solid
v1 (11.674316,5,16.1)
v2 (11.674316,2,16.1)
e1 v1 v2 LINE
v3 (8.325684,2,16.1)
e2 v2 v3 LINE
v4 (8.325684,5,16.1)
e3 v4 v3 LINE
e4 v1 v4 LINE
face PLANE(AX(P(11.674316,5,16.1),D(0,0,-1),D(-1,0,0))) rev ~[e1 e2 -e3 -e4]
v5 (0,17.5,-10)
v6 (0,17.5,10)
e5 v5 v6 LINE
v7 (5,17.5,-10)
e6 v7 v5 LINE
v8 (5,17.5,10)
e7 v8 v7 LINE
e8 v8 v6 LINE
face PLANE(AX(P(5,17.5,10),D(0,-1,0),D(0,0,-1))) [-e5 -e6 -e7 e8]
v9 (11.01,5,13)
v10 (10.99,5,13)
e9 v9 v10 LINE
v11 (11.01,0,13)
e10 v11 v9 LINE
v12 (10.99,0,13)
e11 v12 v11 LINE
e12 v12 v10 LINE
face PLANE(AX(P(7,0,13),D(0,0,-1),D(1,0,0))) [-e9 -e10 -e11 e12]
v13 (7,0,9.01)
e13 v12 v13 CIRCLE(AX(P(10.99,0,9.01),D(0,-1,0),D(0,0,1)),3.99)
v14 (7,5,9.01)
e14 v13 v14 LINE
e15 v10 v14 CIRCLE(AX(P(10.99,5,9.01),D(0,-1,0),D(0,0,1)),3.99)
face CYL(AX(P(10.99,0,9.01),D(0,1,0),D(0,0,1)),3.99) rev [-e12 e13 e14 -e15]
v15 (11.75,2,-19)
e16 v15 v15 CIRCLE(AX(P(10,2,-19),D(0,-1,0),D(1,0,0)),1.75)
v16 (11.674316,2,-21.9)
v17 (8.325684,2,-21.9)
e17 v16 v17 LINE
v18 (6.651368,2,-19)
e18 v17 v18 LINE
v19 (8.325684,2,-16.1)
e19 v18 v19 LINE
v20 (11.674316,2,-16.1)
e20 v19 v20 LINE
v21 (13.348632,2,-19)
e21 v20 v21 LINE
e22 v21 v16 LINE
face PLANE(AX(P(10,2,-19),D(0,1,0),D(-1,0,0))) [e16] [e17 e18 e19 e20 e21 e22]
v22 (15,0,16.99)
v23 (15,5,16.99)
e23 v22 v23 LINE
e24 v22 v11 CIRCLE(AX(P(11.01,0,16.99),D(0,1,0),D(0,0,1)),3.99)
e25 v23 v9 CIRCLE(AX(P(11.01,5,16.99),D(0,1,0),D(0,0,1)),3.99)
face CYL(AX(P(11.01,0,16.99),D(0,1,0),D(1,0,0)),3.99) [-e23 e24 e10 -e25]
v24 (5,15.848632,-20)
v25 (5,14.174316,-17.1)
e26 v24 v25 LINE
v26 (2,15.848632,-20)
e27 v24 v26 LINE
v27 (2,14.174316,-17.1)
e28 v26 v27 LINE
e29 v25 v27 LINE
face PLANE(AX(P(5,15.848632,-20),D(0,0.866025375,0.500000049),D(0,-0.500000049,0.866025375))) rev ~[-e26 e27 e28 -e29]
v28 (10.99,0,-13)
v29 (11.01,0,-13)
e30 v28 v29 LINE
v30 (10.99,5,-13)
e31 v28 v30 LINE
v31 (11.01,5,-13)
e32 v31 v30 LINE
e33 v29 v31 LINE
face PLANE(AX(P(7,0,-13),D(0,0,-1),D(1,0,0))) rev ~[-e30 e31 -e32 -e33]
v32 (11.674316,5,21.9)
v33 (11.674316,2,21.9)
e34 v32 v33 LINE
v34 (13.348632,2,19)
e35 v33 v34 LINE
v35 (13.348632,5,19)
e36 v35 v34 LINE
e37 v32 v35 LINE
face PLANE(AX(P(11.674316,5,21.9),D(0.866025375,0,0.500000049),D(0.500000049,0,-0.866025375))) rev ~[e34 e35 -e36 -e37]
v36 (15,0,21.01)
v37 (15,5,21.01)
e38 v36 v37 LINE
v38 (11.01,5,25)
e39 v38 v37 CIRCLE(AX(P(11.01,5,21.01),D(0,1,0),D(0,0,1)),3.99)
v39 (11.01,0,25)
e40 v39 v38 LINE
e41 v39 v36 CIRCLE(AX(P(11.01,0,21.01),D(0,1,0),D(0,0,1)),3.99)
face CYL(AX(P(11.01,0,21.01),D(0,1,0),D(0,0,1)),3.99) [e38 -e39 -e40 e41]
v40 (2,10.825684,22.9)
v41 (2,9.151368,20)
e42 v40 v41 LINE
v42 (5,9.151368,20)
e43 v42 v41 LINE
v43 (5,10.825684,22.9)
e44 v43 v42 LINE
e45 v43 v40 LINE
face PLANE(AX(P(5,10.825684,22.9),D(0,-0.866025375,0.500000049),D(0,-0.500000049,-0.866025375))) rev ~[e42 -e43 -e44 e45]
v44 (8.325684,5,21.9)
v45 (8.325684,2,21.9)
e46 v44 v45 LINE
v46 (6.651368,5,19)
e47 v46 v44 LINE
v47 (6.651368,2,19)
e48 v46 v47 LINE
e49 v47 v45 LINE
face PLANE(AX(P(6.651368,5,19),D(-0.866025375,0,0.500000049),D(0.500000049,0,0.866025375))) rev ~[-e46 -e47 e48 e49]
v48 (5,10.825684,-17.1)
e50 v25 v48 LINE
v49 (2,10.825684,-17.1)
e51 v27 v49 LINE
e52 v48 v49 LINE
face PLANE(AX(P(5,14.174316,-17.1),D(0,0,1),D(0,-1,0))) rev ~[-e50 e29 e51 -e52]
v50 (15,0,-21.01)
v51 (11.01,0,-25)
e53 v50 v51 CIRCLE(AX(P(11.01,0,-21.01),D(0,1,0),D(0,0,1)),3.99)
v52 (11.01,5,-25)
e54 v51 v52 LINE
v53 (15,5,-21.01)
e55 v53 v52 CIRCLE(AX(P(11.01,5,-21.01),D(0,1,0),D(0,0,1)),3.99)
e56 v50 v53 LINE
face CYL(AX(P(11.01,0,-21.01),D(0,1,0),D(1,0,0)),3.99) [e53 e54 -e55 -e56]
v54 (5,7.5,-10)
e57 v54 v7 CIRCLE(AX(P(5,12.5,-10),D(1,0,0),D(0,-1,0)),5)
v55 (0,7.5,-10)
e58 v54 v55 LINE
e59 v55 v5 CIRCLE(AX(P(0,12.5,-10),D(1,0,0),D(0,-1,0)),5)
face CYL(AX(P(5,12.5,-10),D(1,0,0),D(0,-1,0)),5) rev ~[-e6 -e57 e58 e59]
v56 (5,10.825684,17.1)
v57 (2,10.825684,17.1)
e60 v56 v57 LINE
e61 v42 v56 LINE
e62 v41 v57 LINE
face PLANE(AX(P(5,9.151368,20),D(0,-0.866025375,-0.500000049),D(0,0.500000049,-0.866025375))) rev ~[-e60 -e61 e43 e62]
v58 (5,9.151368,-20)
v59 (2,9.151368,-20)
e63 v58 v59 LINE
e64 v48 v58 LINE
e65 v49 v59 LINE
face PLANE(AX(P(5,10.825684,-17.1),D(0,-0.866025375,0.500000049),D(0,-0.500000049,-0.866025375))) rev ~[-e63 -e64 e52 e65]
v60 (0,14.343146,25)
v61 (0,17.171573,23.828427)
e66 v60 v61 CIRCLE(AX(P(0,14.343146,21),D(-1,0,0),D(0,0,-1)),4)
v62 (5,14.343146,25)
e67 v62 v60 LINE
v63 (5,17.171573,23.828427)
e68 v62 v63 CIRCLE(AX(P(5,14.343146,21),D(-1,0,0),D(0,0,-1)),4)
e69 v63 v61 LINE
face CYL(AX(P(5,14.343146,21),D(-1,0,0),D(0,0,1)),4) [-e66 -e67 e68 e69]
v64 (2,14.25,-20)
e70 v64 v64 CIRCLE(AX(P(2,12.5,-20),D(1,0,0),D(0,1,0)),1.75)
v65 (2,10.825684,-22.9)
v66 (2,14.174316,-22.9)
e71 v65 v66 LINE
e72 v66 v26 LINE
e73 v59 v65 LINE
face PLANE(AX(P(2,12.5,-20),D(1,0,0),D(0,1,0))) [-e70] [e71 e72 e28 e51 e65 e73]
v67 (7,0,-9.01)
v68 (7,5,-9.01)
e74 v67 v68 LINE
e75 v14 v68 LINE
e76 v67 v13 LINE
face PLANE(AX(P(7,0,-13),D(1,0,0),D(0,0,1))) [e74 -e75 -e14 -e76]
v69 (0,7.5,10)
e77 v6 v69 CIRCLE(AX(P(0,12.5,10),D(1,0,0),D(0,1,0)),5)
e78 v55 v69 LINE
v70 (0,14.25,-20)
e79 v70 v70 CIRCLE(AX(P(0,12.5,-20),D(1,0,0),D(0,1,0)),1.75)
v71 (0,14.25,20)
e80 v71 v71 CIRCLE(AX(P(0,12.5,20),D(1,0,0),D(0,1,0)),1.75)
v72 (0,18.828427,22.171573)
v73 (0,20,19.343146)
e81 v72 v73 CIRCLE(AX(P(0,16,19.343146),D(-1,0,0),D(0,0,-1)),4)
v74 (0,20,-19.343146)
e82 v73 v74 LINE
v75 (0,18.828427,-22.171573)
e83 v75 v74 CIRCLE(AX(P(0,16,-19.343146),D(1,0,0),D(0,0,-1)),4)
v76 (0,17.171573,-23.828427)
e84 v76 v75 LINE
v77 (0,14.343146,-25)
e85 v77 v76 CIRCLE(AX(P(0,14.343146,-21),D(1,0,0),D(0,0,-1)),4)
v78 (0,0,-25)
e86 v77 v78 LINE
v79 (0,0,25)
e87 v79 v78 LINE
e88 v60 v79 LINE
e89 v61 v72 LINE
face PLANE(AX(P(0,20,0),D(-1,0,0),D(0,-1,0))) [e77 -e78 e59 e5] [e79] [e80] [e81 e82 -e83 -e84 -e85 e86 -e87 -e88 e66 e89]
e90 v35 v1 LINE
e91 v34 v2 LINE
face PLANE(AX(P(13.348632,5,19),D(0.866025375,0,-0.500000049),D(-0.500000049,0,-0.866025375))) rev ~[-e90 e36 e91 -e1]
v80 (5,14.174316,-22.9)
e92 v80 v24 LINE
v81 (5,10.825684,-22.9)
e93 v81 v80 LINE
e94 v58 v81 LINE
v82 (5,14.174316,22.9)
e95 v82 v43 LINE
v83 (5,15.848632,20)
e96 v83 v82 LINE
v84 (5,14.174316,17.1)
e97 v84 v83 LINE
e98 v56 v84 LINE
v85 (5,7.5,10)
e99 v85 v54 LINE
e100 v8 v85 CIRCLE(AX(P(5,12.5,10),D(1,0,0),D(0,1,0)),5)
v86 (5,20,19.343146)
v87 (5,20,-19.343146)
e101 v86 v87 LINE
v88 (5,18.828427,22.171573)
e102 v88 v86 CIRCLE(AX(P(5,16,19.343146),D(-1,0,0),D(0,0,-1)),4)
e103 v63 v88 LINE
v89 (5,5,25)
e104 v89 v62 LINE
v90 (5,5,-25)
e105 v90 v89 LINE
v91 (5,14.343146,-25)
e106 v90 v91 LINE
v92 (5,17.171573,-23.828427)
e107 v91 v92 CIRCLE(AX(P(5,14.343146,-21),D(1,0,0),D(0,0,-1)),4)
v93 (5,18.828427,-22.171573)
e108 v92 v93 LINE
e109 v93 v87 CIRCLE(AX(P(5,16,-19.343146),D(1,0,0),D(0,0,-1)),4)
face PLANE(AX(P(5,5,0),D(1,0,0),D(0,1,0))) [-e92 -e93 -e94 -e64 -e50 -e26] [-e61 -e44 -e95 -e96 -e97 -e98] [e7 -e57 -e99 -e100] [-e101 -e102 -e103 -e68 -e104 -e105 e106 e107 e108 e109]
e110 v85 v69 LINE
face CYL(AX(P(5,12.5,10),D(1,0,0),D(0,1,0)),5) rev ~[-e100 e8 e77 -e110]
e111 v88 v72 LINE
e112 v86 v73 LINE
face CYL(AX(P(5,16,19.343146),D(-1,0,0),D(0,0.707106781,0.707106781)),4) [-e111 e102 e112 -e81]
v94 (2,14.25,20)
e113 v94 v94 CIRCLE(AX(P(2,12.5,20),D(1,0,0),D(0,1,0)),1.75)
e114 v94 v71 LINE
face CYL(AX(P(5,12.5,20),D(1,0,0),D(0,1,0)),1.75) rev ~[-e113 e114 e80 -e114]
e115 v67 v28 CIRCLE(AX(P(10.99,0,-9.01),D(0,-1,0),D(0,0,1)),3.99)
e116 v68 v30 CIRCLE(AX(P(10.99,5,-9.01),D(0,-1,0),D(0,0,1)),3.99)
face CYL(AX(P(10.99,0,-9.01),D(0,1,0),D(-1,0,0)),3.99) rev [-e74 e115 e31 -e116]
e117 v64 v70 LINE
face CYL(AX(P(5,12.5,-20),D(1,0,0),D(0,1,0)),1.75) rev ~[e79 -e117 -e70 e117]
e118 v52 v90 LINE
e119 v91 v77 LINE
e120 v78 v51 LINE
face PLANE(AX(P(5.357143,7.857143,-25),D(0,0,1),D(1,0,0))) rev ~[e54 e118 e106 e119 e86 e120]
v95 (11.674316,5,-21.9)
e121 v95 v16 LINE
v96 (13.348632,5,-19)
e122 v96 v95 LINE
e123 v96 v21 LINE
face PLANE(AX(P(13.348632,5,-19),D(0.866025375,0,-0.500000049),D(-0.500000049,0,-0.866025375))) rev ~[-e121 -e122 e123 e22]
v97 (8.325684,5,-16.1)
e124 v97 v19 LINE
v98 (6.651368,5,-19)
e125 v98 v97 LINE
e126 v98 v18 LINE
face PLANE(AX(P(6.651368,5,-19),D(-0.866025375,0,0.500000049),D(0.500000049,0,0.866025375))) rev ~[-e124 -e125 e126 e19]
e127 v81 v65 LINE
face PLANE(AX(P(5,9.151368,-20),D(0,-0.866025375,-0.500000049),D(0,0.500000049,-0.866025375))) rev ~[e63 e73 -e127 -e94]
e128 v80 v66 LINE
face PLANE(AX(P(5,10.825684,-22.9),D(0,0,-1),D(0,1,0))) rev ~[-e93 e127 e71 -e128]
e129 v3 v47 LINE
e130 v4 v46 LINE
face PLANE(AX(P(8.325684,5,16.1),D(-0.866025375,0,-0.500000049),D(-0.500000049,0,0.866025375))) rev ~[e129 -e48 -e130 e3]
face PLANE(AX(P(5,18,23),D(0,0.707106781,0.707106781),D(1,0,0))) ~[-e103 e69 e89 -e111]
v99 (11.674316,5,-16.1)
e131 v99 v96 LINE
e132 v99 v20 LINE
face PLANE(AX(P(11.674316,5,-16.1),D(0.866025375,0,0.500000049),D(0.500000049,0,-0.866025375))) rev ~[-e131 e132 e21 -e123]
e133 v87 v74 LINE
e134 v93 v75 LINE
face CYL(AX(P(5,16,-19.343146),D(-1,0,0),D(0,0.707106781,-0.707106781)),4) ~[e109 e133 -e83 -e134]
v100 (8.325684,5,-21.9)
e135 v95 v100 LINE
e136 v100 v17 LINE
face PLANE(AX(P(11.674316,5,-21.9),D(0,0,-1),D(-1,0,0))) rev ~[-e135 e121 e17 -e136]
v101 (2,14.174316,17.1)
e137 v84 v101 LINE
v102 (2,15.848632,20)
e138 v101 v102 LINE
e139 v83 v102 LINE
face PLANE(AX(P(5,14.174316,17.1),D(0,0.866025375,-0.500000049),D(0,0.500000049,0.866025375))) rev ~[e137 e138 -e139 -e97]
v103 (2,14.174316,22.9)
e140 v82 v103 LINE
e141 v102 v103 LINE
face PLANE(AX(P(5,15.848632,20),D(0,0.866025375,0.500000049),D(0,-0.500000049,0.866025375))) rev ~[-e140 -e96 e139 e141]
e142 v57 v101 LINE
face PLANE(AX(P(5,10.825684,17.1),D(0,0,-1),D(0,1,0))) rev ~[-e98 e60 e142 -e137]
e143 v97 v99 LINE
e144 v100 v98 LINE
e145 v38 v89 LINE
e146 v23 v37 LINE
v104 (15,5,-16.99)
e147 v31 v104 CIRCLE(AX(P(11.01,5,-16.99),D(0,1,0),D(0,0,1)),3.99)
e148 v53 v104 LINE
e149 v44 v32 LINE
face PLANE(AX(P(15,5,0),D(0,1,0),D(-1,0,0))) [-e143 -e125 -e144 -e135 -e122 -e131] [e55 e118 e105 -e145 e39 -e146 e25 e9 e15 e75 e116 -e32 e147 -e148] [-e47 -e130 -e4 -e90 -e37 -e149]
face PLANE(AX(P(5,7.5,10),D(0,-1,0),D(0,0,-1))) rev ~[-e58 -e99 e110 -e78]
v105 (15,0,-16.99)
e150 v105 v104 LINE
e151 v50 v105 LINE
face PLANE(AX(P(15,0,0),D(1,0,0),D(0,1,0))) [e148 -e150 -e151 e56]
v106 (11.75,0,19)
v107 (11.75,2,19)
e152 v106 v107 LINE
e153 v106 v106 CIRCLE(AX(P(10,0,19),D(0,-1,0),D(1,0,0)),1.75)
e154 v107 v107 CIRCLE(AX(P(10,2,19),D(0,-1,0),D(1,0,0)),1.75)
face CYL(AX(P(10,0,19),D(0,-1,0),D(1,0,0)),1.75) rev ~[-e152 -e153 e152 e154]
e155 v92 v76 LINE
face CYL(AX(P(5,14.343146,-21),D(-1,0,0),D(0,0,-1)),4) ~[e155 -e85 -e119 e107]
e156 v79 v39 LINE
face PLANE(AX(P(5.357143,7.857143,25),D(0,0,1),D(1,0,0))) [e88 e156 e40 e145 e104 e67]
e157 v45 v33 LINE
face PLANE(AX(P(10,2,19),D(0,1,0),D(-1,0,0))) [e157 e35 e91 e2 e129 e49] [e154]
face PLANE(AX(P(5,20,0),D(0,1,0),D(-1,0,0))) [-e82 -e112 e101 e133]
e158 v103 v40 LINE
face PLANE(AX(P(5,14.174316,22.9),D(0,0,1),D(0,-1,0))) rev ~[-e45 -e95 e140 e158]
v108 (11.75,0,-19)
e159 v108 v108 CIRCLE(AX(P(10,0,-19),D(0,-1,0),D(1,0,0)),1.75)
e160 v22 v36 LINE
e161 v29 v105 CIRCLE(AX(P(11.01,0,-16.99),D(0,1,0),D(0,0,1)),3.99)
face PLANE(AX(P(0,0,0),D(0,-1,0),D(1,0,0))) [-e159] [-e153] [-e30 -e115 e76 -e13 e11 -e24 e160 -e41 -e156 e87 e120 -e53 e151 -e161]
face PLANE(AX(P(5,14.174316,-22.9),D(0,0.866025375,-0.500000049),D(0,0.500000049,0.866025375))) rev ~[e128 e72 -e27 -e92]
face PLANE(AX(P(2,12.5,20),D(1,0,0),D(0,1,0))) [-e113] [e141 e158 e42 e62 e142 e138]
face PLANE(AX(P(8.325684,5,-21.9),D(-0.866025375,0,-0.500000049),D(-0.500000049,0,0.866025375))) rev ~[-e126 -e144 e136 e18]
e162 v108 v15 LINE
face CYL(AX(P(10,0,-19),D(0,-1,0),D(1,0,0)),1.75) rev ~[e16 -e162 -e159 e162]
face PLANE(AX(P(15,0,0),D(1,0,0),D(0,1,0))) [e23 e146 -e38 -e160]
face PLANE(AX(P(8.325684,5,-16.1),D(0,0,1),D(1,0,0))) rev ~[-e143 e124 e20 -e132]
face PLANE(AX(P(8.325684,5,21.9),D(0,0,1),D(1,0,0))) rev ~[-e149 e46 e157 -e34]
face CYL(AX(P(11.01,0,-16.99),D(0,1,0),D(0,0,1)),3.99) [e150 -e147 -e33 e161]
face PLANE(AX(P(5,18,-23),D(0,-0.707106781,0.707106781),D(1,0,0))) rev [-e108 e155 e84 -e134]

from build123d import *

# Parameters (mm, degrees)
PAD_DEPTH       = 25
SKETCH001_R     = 1.75
POCKET_DEPTH    = 5.001
POCKET001_DEPTH = 3
SKETCH003_R     = 1.75
SKETCH003_W     = 12
SKETCH003_H     = 26
POCKET002_DEPTH = 20.001
POCKET003_DEPTH = 3
FILLET_R        = 3.99
POCKET004_DEPTH = 5.001
CHAMFER_SIZE    = 4
FILLET001_R     = 4


with BuildPart() as part:
    # Sketch → Pad (new body, symmetric)
    with BuildSketch(Plane.XY):
        Polygon((0, 0), (15, 0), (15, 5), (5, 5), (5, 20), (0, 20), align=None)
    extrude(amount=PAD_DEPTH, both=True)

    # Sketch001 (on Face4 of Pad) → Pocket (cut, through all)
    with BuildSketch(Plane.YZ.offset(5)):
        with Locations((12.5, 20)):
            Circle(SKETCH001_R)
        with Locations((12.5, -20)):
            Circle(SKETCH001_R)
    extrude(amount=-POCKET_DEPTH, mode=Mode.SUBTRACT)

    # Sketch002 (on Face10 of Pocket) → Pocket001 (cut)
    with BuildSketch(Plane.YZ.offset(5)):
        Polygon((14.174316, 17.1), (15.848632, 20), (14.174316, 22.9), (10.825684, 22.9), (9.151368, 20), (10.825684, 17.1), align=None)
        Polygon((14.174316, -22.9), (15.848632, -20), (14.174316, -17.1), (10.825684, -17.1), (9.151368, -20), (10.825684, -22.9), align=None)
    extrude(amount=-POCKET001_DEPTH, mode=Mode.SUBTRACT)

    # Sketch003 (on Face1 of Pocket001) → Pocket002 (cut, through all)
    with BuildSketch(Plane.XZ):
        with Locations((10, 19)):
            Circle(SKETCH003_R)
        with Locations((10, -19)):
            Circle(SKETCH003_R)
        with Locations((13, 0)):
            Rectangle(SKETCH003_W, SKETCH003_H)
    extrude(amount=-POCKET002_DEPTH, mode=Mode.SUBTRACT)

    # Sketch004 (on Face12 of Pocket002) → Pocket003 (cut)
    with BuildSketch(Plane(origin=(0, 5, 0), x_dir=(-1, 0, 0), z_dir=(0, 1, 0))):
        Polygon((-6.651368, 19), (-8.325684, 21.9), (-11.674316, 21.9), (-13.348632, 19), (-11.674316, 16.1), (-8.325684, 16.1), align=None)
        Polygon((-6.651368, -19), (-8.325684, -16.1), (-11.674316, -16.1), (-13.348632, -19), (-11.674316, -21.9), (-8.325684, -21.9), align=None)
    extrude(amount=-POCKET003_DEPTH, mode=Mode.SUBTRACT)

    # Fillet
    fillet_edges = [part.edges().sort_by_distance(p)[0] for p in [
        (15, 2.5, -25),
        (15, 2.5, -13),
        (7, 2.5, -13),
        (7, 2.5, 13),
        (15, 2.5, 13),
        (15, 2.5, 25),
    ]]
    fillet(fillet_edges, radius=FILLET_R)

    # Sketch005 (on Face20 of Fillet) → Pocket004 (cut, through all)
    with BuildSketch(Plane.YZ.offset(5)):
        with BuildLine():
            ThreePointArc((17.5, 10), (12.5, 15), (7.5, 10))
            Line((7.5, 10), (7.5, -10))
            ThreePointArc((7.5, -10), (12.5, -15), (17.5, -10))
            Line((17.5, 10), (17.5, -10))
        make_face()
    extrude(amount=-POCKET004_DEPTH, mode=Mode.SUBTRACT)

    # Chamfer
    chamfer_edges = [part.edges().sort_by_distance(p)[0] for p in [
        (2.5, 20, -25),
        (2.5, 20, 25),
    ]]
    chamfer(chamfer_edges, length=CHAMFER_SIZE)

    # Fillet001
    fillet001_edges = [part.edges().sort_by_distance(p)[0] for p in [
        (2.5, 20, -21),
        (2.5, 20, 21),
        (2.5, 16, -25),
        (2.5, 16, 25),
    ]]
    fillet(fillet001_edges, radius=FILLET001_R)


solid = part.part
